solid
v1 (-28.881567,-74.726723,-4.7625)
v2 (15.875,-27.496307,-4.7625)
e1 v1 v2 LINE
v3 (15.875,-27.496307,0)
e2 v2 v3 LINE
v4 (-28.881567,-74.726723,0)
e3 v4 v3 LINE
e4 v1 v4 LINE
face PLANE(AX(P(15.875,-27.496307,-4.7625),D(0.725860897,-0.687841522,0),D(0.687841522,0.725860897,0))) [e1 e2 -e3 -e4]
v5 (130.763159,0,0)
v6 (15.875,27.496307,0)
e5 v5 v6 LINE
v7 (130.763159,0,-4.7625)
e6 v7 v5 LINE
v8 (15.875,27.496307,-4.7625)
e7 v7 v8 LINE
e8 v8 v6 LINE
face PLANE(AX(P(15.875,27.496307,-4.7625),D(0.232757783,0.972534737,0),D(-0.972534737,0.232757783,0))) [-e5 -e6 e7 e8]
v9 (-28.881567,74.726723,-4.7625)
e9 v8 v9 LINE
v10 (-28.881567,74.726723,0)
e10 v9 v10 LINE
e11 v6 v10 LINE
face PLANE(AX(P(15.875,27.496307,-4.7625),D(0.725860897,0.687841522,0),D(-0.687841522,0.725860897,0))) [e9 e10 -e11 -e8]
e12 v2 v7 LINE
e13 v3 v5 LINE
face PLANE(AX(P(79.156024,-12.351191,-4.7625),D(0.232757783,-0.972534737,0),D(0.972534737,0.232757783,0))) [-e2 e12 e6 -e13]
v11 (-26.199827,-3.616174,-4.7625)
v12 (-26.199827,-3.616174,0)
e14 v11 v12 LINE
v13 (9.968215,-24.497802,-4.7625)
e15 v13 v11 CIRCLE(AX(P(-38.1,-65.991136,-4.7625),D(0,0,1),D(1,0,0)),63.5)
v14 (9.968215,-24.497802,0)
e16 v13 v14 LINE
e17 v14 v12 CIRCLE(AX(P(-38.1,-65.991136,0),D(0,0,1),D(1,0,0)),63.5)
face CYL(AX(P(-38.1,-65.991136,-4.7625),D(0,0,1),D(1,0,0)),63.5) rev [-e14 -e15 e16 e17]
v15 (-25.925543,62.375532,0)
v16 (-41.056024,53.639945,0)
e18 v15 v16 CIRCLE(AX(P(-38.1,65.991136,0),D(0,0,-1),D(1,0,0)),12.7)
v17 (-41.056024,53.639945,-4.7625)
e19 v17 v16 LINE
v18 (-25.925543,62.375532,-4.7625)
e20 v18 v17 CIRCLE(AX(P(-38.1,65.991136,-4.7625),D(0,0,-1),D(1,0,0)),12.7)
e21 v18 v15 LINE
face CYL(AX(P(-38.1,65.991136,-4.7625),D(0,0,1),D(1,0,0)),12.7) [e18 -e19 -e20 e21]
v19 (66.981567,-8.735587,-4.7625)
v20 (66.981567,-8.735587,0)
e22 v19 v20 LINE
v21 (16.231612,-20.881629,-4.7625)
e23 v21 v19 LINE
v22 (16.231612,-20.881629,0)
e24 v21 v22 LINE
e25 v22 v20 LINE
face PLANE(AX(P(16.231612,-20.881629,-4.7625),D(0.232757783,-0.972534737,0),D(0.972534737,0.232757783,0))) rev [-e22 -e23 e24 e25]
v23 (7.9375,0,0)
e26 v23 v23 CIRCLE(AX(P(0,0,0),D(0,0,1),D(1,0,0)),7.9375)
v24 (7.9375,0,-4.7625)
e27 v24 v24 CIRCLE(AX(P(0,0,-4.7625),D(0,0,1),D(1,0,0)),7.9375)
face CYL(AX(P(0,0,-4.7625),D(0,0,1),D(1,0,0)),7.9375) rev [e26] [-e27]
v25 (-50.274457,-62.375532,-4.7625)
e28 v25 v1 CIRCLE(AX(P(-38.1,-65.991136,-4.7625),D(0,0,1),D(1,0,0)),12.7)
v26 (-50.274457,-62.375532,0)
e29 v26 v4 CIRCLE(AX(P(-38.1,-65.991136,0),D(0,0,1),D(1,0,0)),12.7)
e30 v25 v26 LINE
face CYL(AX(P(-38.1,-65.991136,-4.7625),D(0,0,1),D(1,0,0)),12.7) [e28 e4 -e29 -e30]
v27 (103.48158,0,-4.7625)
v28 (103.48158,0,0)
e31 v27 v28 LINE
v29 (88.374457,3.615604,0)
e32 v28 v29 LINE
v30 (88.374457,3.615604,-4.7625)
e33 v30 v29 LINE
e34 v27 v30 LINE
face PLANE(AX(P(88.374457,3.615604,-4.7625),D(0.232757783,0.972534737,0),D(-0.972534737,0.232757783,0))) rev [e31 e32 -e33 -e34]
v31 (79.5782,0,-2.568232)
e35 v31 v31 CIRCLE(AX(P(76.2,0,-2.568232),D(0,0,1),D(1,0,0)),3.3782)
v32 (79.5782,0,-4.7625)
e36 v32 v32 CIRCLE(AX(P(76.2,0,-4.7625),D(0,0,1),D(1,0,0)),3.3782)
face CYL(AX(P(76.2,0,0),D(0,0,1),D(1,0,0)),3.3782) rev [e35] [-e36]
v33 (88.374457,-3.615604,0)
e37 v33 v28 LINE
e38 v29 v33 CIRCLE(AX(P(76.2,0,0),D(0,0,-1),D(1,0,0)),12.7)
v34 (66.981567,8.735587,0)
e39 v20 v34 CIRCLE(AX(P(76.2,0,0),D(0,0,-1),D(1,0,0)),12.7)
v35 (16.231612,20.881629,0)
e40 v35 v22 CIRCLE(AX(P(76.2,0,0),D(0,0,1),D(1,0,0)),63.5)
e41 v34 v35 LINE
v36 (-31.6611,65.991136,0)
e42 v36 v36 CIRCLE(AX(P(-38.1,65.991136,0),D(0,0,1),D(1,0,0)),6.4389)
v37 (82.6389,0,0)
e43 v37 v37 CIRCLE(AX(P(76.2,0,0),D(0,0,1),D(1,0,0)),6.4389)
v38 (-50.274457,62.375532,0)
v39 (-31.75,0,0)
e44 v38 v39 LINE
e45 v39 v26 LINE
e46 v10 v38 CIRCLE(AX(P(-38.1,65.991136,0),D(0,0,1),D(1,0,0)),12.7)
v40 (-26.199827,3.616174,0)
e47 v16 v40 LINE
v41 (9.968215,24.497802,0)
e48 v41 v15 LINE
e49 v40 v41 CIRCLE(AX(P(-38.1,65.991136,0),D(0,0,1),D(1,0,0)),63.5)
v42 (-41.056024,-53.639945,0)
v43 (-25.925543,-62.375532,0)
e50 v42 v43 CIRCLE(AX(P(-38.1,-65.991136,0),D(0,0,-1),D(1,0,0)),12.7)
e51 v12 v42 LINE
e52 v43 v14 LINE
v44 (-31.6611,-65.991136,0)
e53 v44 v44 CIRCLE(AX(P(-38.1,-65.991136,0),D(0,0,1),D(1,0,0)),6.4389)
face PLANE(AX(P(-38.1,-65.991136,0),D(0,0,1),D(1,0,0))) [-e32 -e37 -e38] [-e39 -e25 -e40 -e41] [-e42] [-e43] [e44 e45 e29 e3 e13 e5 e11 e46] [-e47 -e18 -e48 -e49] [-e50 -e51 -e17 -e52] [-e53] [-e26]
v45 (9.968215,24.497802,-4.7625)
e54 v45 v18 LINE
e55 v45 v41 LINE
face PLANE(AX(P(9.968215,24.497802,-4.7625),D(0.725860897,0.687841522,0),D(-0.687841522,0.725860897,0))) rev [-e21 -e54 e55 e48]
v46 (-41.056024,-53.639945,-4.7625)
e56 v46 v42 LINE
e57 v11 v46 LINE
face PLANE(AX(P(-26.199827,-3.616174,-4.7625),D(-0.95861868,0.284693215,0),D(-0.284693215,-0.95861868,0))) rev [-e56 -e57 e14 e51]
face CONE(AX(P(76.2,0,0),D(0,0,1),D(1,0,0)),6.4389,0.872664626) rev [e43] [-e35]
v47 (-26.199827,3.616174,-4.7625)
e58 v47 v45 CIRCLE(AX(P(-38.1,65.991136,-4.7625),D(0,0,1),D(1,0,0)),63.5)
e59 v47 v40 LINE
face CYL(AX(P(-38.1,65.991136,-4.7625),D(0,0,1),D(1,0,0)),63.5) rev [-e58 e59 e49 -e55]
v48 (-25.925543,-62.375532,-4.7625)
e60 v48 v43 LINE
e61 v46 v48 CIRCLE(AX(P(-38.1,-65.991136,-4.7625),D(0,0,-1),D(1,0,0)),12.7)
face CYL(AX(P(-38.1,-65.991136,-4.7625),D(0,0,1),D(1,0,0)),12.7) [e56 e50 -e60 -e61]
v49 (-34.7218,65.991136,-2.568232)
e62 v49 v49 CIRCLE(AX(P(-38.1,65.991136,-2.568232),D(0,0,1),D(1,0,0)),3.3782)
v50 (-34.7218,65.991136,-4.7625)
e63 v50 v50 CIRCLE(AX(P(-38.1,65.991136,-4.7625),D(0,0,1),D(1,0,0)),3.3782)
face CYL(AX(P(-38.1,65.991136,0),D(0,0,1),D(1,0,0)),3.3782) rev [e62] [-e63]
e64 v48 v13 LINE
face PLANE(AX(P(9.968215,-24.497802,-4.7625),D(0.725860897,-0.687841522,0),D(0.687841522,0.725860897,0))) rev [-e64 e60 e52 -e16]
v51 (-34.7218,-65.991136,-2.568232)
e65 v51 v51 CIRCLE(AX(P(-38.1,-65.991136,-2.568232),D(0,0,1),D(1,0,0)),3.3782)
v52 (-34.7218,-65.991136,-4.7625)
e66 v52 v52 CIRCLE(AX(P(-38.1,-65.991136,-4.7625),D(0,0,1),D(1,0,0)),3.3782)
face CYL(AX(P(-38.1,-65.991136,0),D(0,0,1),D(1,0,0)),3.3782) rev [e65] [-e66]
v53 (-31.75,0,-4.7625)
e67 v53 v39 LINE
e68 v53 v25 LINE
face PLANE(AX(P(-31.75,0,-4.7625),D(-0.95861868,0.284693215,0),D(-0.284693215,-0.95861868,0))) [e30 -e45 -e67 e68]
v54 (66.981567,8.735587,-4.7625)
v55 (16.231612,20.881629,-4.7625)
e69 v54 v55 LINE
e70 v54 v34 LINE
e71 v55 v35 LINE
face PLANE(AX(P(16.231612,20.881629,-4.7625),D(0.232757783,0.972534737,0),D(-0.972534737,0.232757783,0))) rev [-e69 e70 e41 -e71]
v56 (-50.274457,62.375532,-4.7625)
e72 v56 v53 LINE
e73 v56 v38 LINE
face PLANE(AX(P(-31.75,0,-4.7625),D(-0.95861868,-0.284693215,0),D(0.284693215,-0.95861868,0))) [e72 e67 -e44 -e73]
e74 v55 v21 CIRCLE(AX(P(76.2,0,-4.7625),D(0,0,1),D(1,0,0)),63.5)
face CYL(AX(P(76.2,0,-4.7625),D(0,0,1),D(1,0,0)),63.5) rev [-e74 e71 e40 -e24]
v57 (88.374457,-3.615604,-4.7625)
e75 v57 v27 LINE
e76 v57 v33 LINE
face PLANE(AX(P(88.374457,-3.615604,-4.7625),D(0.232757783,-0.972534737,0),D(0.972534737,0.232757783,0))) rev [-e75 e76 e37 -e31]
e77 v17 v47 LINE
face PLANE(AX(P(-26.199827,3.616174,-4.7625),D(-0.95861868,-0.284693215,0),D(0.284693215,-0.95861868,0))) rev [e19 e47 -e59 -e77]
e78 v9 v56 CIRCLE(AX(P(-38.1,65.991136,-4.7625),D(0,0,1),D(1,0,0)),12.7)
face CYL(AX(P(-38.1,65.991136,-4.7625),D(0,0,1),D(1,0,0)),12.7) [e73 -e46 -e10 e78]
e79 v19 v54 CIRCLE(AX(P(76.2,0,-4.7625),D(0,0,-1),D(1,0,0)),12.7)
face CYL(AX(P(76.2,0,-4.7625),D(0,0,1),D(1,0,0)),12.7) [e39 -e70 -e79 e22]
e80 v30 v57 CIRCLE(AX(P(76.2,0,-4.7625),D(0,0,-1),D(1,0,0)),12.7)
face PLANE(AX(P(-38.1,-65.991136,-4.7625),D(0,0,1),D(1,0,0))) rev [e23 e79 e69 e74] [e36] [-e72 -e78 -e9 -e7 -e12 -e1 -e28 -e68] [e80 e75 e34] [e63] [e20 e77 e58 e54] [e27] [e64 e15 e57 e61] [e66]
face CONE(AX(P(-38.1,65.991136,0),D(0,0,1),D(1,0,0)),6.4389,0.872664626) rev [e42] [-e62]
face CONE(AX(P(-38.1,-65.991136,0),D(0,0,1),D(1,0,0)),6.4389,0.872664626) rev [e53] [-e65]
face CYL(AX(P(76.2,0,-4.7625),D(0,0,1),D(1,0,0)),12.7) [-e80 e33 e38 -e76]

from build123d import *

# Parameters (mm, degrees)
SKETCH1_R                                   = 7.9375
BOSS_EXTRUDE1_DEPTH                         = 4.7625
CSK_FOR_1_4_FLAT_HEAD_MACHINE_SCREW_2_COUNT = 2
CSK_FOR_1_4_FLAT_HEAD_MACHINE_SCREW_2_PITCH = 131.982271537
CSK_FOR_1_4_FLAT_HEAD_MACHINE_SCREW_3_COUNT = 2
CSK_FOR_1_4_FLAT_HEAD_MACHINE_SCREW_3_PITCH = 131.982271537


with BuildPart() as part:
    # Sketch1 → Boss-Extrude1 (new body)
    with BuildSketch(Plane.XY):
        with BuildLine():
            Line((-31.75, 0), (-50.274457233, 62.375531935))
            ThreePointArc((-50.274457233, 62.375531935), (-44.45, 76.989658396), (-28.881566614, 74.726723093))
            Line((-28.881566614, 74.726723093), (15.875, 27.49630657))
            Line((15.875, 27.49630657), (78.9111987, 12.409785423))
            Line((78.9111987, 12.409785423), (130.763159277, 0))
            Line((130.763159277, 0), (79.156023847, -12.351191158))
            Line((79.156023847, -12.351191158), (15.875, -27.49630657))
            Line((15.875, -27.49630657), (-28.881566614, -74.726723093))
            ThreePointArc((-28.881566614, -74.726723093), (-44.45, -76.989658396), (-50.274457233, -62.375531935))
            Line((-50.274457233, -62.375531935), (-31.75, 0))
        make_face()
        Circle(SKETCH1_R, mode=Mode.SUBTRACT)
        with BuildLine():
            Line((9.968214912, 24.497802386), (-25.925542767, 62.375531935))
            ThreePointArc((-25.925542767, 62.375531935), (-31.75, 54.99261314), (-41.056023847, 53.639944611))
            Line((-41.056023847, 53.639944611), (-26.199826659, 3.616173849))
            ThreePointArc((-26.199826659, 3.616173849), (-6.35, 10.998522628), (9.968214912, 24.497802386))
        make_face(mode=Mode.SUBTRACT)
        with BuildLine():
            Line((16.231611747, 20.881628537), (66.981566614, 8.735587325))
            ThreePointArc((66.981566614, 8.735587325), (63.5, 0), (66.981566614, -8.735587325))
            Line((66.981566614, -8.735587325), (16.231611747, -20.881628537))
            ThreePointArc((16.231611747, -20.881628537), (12.7, 0), (16.231611747, 20.881628537))
        make_face(mode=Mode.SUBTRACT)
        with BuildLine():
            Line((88.374457233, 3.615603833), (103.481579639, 0))
            Line((103.481579639, 0), (88.374457233, -3.615603833))
            ThreePointArc((88.374457233, -3.615603833), (88.9, 0), (88.374457233, 3.615603833))
        make_face(mode=Mode.SUBTRACT)
        with BuildLine():
            Line((9.968214912, -24.497802386), (-25.925542767, -62.375531935))
            ThreePointArc((-25.925542767, -62.375531935), (-31.75, -54.99261314), (-41.056023847, -53.639944611))
            Line((-41.056023847, -53.639944611), (-26.199826659, -3.616173849))
            ThreePointArc((-26.199826659, -3.616173849), (-6.35, -10.998522628), (9.968214912, -24.497802386))
        make_face(mode=Mode.SUBTRACT)
    extrude(amount=-BOSS_EXTRUDE1_DEPTH)

    # Sketch3 → CSK for 1/4 Flat Head Machine Screw (100)1 (revolve, cut)
    with BuildSketch(Plane(origin=(76.2, 0, 0), x_dir=(0, -1, 0), z_dir=(1, 0, 0))):
        Polygon((0, 0), (0, 4.7625), (3.3782, 4.7625), (3.3782, 2.568232241), (6.4389, 0), align=None)
    csk_for_1_4_flat_head_machine_screw_100 = revolve(axis=Axis((76.2, 0, 6.35), (0, 0, -1)), mode=Mode.SUBTRACT)

    # CSK for 1_4 Flat Head Machine Screw  2: CSK for 1/4 Flat Head Machine Screw (100)1 ×2
    with Locations(*[Vector(-0.866025404, 0.5, 0) * (i * CSK_FOR_1_4_FLAT_HEAD_MACHINE_SCREW_2_PITCH) for i in range(1, CSK_FOR_1_4_FLAT_HEAD_MACHINE_SCREW_2_COUNT)]):
        add(csk_for_1_4_flat_head_machine_screw_100, mode=Mode.SUBTRACT)

    # CSK for 1_4 Flat Head Machine Screw  3: CSK for 1/4 Flat Head Machine Screw (100)1 ×2
    with Locations(*[Vector(-0.866025404, -0.5, 0) * (i * CSK_FOR_1_4_FLAT_HEAD_MACHINE_SCREW_3_PITCH) for i in range(1, CSK_FOR_1_4_FLAT_HEAD_MACHINE_SCREW_3_COUNT)]):
        add(csk_for_1_4_flat_head_machine_screw_100, mode=Mode.SUBTRACT)


solid = part.part
